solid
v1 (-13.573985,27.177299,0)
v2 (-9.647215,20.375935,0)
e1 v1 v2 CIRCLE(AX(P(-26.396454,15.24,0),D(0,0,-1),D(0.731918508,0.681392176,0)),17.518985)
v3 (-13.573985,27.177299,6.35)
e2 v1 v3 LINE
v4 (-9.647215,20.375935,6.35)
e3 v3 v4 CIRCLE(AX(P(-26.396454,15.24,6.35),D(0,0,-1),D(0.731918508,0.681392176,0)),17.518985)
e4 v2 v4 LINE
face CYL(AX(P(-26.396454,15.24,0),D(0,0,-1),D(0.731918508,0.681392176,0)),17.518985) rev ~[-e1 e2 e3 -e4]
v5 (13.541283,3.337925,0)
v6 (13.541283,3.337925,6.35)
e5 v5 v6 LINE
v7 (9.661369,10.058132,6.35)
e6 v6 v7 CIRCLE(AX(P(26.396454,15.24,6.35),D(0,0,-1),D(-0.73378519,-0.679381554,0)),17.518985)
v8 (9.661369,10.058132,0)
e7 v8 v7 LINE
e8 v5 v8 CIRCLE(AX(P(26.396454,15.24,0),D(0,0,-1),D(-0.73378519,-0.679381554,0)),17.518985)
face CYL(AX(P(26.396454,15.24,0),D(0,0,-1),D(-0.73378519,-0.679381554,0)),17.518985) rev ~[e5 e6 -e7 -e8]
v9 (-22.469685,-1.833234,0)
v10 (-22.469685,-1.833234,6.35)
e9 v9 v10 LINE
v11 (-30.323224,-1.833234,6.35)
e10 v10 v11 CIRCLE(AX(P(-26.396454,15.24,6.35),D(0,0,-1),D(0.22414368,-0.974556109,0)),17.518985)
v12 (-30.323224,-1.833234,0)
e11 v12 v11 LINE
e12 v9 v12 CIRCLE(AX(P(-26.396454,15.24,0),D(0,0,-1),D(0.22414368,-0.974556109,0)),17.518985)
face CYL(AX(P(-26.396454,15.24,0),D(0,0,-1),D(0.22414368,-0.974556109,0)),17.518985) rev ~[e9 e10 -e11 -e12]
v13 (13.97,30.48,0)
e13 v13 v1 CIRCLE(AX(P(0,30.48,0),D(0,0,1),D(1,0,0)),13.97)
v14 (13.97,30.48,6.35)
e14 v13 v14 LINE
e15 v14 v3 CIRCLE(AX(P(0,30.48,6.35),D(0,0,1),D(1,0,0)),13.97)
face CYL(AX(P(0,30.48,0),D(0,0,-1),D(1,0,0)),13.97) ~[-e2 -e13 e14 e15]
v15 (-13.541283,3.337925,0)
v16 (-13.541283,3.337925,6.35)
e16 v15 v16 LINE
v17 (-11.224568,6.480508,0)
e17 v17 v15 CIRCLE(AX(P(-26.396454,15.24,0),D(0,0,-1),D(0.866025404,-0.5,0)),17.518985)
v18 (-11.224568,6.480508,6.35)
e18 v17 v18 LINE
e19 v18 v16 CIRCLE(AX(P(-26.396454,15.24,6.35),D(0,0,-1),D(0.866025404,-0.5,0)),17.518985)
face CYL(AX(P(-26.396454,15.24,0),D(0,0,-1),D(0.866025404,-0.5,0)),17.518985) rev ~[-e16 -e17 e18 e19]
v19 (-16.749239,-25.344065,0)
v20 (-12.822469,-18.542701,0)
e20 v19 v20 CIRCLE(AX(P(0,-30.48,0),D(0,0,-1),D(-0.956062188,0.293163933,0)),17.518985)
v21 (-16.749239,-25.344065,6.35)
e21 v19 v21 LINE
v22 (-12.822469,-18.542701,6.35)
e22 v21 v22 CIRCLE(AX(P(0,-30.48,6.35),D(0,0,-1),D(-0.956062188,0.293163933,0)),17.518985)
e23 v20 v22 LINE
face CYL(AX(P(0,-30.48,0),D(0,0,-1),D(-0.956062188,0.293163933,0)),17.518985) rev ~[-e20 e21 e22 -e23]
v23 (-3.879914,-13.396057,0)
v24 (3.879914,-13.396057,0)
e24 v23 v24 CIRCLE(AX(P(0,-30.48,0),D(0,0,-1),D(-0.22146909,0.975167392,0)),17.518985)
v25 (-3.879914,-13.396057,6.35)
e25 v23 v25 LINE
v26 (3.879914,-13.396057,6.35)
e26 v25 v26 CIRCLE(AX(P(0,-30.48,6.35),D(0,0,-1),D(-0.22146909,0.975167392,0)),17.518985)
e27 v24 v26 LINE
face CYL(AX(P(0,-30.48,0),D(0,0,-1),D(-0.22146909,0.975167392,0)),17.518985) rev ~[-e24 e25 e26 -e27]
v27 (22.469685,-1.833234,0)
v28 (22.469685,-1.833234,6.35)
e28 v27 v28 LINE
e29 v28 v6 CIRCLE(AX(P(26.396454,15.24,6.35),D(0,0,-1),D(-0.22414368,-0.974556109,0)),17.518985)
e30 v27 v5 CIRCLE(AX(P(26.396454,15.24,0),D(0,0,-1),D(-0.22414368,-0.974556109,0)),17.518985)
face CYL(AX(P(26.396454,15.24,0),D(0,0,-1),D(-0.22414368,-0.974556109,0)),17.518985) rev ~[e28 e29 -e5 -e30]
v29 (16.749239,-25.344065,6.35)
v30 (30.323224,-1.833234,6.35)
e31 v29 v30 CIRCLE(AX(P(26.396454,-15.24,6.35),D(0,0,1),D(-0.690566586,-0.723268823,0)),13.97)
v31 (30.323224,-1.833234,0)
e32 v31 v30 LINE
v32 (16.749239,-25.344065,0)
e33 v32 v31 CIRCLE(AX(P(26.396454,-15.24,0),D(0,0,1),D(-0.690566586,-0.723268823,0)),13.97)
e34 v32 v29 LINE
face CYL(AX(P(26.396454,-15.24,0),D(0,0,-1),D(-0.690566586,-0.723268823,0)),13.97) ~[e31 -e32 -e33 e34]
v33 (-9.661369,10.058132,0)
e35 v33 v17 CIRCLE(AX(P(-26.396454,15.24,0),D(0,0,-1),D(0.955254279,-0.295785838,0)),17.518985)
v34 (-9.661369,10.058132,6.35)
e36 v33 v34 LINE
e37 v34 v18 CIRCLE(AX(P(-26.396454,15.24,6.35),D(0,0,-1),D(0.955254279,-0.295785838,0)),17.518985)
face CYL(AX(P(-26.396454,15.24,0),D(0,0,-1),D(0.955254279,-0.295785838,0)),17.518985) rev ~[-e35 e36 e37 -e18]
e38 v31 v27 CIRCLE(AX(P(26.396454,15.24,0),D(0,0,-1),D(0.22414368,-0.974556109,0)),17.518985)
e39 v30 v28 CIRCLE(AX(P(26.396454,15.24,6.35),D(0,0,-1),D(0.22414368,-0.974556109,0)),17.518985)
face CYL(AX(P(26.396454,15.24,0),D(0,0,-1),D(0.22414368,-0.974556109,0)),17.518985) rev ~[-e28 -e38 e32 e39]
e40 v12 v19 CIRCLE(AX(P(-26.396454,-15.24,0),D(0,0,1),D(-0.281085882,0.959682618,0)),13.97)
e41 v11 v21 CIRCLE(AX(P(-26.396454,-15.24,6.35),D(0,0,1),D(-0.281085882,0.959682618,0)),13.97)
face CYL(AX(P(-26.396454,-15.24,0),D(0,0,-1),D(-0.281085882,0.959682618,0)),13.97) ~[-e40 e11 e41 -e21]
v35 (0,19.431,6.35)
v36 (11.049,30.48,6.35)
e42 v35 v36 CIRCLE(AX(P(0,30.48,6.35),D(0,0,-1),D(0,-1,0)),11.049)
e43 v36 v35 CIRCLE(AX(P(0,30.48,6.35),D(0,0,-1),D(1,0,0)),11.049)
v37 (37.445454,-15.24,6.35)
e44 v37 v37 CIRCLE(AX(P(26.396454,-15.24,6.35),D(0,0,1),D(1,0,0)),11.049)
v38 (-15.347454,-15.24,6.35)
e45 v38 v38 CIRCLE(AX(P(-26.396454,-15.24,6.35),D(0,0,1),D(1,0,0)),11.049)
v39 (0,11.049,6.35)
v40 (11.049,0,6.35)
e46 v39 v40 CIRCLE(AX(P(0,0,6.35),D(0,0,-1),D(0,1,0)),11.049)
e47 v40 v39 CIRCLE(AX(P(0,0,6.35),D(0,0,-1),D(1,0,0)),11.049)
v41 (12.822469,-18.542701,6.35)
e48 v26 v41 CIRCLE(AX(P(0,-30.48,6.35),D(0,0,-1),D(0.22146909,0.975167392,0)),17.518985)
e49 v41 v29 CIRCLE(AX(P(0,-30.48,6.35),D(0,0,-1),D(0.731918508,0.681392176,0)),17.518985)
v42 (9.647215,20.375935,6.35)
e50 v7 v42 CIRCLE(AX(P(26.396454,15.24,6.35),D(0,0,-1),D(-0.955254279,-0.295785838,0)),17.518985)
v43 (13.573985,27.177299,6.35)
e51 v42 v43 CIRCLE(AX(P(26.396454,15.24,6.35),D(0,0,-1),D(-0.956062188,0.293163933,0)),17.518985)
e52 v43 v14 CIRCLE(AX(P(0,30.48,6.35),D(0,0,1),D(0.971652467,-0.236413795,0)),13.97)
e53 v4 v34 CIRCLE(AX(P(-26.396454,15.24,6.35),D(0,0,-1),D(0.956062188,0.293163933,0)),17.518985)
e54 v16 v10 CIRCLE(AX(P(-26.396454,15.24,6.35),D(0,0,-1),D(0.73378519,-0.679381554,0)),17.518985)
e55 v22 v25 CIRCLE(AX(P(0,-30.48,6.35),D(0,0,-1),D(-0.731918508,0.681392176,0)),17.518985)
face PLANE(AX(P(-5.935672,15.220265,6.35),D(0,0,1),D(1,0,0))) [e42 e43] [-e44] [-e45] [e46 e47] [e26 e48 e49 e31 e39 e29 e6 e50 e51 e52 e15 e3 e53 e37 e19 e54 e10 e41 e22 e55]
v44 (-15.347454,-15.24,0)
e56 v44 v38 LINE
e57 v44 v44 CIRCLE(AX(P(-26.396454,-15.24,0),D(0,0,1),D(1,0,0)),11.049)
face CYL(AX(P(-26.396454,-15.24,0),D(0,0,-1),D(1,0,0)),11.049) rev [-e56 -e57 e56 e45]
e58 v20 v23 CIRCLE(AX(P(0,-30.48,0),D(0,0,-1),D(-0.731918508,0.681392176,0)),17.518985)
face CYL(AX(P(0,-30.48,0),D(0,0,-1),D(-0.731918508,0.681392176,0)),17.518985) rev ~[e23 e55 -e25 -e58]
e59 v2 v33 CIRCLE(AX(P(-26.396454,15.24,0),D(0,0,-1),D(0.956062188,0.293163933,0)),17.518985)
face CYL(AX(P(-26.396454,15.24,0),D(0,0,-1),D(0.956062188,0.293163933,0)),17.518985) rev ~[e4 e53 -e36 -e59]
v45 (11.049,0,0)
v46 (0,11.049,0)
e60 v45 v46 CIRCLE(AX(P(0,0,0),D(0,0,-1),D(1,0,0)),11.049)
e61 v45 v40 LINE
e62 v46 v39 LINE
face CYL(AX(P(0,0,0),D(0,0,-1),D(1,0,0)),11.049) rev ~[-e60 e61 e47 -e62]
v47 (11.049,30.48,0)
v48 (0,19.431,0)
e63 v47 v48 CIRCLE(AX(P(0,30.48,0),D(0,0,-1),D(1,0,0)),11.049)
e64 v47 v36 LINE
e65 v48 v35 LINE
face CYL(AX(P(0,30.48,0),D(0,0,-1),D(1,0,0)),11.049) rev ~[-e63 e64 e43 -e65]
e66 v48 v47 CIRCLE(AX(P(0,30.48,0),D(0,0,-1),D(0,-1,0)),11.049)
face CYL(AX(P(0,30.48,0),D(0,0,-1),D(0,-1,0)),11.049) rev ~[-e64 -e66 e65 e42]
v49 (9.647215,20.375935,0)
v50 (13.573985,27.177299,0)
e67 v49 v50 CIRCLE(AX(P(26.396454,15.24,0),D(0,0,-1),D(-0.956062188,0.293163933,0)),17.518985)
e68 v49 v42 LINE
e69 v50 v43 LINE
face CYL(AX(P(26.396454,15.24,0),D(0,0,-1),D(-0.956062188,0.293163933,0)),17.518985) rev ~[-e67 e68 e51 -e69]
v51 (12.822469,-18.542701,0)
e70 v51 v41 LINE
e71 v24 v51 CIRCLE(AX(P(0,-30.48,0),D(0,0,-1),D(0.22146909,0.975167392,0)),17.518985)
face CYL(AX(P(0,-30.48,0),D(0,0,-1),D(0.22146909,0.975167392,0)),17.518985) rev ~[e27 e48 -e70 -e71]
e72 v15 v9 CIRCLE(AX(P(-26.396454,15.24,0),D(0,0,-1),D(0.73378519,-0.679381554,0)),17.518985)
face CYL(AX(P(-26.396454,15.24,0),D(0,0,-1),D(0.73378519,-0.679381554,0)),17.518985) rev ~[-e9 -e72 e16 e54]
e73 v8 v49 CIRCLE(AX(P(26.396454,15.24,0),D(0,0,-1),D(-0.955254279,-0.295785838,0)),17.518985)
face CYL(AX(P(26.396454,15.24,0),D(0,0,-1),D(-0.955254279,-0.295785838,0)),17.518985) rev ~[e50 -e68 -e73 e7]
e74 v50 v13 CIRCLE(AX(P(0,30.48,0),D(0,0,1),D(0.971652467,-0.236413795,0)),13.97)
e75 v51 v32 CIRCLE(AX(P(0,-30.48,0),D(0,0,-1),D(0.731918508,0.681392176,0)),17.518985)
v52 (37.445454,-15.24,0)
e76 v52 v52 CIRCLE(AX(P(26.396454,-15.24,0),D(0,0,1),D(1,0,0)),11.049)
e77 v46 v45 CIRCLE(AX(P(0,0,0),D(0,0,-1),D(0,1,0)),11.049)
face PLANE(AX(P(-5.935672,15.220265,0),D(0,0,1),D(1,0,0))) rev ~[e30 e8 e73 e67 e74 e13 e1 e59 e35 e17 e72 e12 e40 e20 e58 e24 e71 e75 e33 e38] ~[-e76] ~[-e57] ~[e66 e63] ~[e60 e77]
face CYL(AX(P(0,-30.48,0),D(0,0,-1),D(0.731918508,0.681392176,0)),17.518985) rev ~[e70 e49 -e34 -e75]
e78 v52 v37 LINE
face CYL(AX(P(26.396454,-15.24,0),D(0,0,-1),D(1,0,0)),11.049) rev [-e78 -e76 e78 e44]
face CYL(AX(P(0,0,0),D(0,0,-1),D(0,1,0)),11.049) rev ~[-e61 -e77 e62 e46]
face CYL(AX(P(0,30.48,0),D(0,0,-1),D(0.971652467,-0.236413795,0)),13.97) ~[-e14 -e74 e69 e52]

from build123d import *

# Parameters (mm, degrees)
F0_R     = 11.049
F1_DEPTH = 6.35


with BuildPart() as f1:
    # F0 (on Top) → F1 (new body)
    with BuildSketch(Plane.XY):
        with BuildLine():
            ThreePointArc((-9.6613689552, 10.0581323476), (-5.2072629381, 12.9380249306), (0, 13.9466152313))
            Line((0, 13.9466152313), (0, 16.51))
            ThreePointArc((0, 16.51), (-5.1964942775, 17.5124502228), (-9.6472152055, 20.375934542))
            ThreePointArc((-9.6472152055, 20.375934542), (-8.8774858284, 15.2159678379), (-9.6613689552, 10.0581323476))
        make_face()
        with BuildLine():
            Line((0, 16.51), (0, 13.9466152313))
            ThreePointArc((0, 13.9466152313), (5.2072629381, 12.9380249306), (9.6613689552, 10.0581323476))
            ThreePointArc((9.6613689552, 10.0581323476), (8.8774858284, 15.2159678379), (9.6472152055, 20.375934542))
            ThreePointArc((9.6472152055, 20.375934542), (5.1964942775, 17.5124502228), (0, 16.51))
        make_face()
        with BuildLine():
            ThreePointArc((-3.8799136501, -13.3960571243), (-12.0781230871, -6.9733076156), (-13.5412826052, 3.3379247767))
            ThreePointArc((-13.5412826052, 3.3379247767), (-17.616157605, 0.0801443302), (-22.4696845419, -1.8332338273))
            ThreePointArc((-22.4696845419, -1.8332338273), (-15.2157147606, -6.8643231206), (-12.4264543073, -15.24))
            ThreePointArc((-12.4264543073, -15.24), (-12.5258113871, -16.9031791781), (-12.8224693365, -18.5427007147))
            ThreePointArc((-12.8224693365, -18.5427007147), (-8.7386717766, -15.2961121681), (-3.8799136501, -13.3960571243))
        make_face()
        with BuildLine():
            ThreePointArc((22.4696845419, -1.8332338273), (17.616157605, 0.0801443302), (13.5412826052, 3.3379247767))
            ThreePointArc((13.5412826052, 3.3379247767), (13.8449112428, 1.6812224981), (13.9466152313, 0))
            ThreePointArc((13.9466152313, 0), (11.1494336004, -8.3784370142), (3.8799136501, -13.3960571243))
            ThreePointArc((3.8799136501, -13.3960571243), (8.7386717766, -15.2961121681), (12.8224693365, -18.5427007147))
            ThreePointArc((12.8224693365, -18.5427007147), (14.2980794165, -8.255), (22.4696845419, -1.8332338273))
        make_face()
        with BuildLine():
            ThreePointArc((30.3232240728, -1.8332338273), (26.3964543073, -2.2789849624), (22.4696845419, -1.8332338273))
            ThreePointArc((22.4696845419, -1.8332338273), (14.2980794165, -8.255), (12.8224693365, -18.5427007147))
            ThreePointArc((12.8224693365, -18.5427007147), (15.1718860259, -21.7205075188), (16.7492391019, -25.344065458))
            ThreePointArc((16.7492391019, -25.344065458), (38.4948291982, -22.225), (30.3232240728, -1.8332338273))
        make_face()
        with Locations((26.3964543073, -15.24)):
            Circle(F0_R, mode=Mode.SUBTRACT)
        with BuildLine():
            ThreePointArc((-12.4264543073, -15.24), (-15.2157147606, -6.8643231206), (-22.4696845419, -1.8332338273))
            ThreePointArc((-22.4696845419, -1.8332338273), (-26.3964543073, -2.2789849624), (-30.3232240728, -1.8332338273))
            ThreePointArc((-30.3232240728, -1.8332338273), (-38.4948291982, -22.225), (-16.7492391019, -25.344065458))
            ThreePointArc((-16.7492391019, -25.344065458), (-15.1718860259, -21.7205075188), (-12.8224693365, -18.5427007147))
            ThreePointArc((-12.8224693365, -18.5427007147), (-12.5258113871, -16.9031791781), (-12.4264543073, -15.24))
        make_face()
        with Locations((-26.3964543073, -15.24)):
            Circle(F0_R, mode=Mode.SUBTRACT)
        with BuildLine():
            ThreePointArc((-9.6472152055, 20.375934542), (-5.1964942775, 17.5124502228), (0, 16.51))
            ThreePointArc((0, 16.51), (5.1964942775, 17.5124502228), (9.6472152055, 20.375934542))
            ThreePointArc((9.6472152055, 20.375934542), (11.2245682814, 23.9994924812), (13.5739849709, 27.1772992853))
            ThreePointArc((13.5739849709, 27.1772992853), (13.8706429203, 28.8168208219), (13.97, 30.48))
            ThreePointArc((13.97, 30.48), (-1.6631791781, 44.3506429203), (-13.5739849709, 27.1772992853))
            ThreePointArc((-13.5739849709, 27.1772992853), (-11.2245682814, 23.9994924812), (-9.6472152055, 20.375934542))
        make_face()
        with BuildLine():
            ThreePointArc((11.049, 30.48), (7.8128228253, 22.6671771747), (0, 19.431))
            ThreePointArc((0, 19.431), (-7.8128228253, 38.2928228253), (11.049, 30.48))
        make_face(mode=Mode.SUBTRACT)
        with BuildLine():
            ThreePointArc((0, 11.049), (7.8128228253, 7.8128228253), (11.049, 0))
            ThreePointArc((11.049, 0), (-2.8596916293, -10.6725144547), (-9.5687146864, 5.5245))
            Line((-9.5687146864, 5.5245), (-11.2245682814, 6.4805075188))
            ThreePointArc((-11.2245682814, 6.4805075188), (-12.295108705, 4.8444775833), (-13.5412826052, 3.3379247767))
            ThreePointArc((-13.5412826052, 3.3379247767), (-12.0781230871, -6.9733076156), (-3.8799136501, -13.3960571243))
            ThreePointArc((-3.8799136501, -13.3960571243), (0, -12.9610150376), (3.8799136501, -13.3960571243))
            ThreePointArc((3.8799136501, -13.3960571243), (11.1494336004, -8.3784370142), (13.9466152313, 0))
            ThreePointArc((13.9466152313, 0), (13.8449112428, 1.6812224981), (13.5412826052, 3.3379247767))
            ThreePointArc((13.5412826052, 3.3379247767), (11.2245682814, 6.4805075188), (9.6613689552, 10.0581323476))
            ThreePointArc((9.6613689552, 10.0581323476), (5.2072629381, 12.9380249306), (0, 13.9466152313))
            Line((0, 13.9466152313), (0, 11.049))
        make_face()
        with BuildLine():
            ThreePointArc((-9.5687146864, 5.5245), (-5.5245, 9.5687146864), (0, 11.049))
            Line((0, 11.049), (0, 13.9466152313))
            ThreePointArc((0, 13.9466152313), (-5.2072629381, 12.9380249306), (-9.6613689552, 10.0581323476))
            ThreePointArc((-9.6613689552, 10.0581323476), (-10.3429950077, 8.2256376892), (-11.2245682814, 6.4805075188))
            Line((-11.2245682814, 6.4805075188), (-9.5687146864, 5.5245))
        make_face()
    extrude(amount=F1_DEPTH)


solid = f1.part
